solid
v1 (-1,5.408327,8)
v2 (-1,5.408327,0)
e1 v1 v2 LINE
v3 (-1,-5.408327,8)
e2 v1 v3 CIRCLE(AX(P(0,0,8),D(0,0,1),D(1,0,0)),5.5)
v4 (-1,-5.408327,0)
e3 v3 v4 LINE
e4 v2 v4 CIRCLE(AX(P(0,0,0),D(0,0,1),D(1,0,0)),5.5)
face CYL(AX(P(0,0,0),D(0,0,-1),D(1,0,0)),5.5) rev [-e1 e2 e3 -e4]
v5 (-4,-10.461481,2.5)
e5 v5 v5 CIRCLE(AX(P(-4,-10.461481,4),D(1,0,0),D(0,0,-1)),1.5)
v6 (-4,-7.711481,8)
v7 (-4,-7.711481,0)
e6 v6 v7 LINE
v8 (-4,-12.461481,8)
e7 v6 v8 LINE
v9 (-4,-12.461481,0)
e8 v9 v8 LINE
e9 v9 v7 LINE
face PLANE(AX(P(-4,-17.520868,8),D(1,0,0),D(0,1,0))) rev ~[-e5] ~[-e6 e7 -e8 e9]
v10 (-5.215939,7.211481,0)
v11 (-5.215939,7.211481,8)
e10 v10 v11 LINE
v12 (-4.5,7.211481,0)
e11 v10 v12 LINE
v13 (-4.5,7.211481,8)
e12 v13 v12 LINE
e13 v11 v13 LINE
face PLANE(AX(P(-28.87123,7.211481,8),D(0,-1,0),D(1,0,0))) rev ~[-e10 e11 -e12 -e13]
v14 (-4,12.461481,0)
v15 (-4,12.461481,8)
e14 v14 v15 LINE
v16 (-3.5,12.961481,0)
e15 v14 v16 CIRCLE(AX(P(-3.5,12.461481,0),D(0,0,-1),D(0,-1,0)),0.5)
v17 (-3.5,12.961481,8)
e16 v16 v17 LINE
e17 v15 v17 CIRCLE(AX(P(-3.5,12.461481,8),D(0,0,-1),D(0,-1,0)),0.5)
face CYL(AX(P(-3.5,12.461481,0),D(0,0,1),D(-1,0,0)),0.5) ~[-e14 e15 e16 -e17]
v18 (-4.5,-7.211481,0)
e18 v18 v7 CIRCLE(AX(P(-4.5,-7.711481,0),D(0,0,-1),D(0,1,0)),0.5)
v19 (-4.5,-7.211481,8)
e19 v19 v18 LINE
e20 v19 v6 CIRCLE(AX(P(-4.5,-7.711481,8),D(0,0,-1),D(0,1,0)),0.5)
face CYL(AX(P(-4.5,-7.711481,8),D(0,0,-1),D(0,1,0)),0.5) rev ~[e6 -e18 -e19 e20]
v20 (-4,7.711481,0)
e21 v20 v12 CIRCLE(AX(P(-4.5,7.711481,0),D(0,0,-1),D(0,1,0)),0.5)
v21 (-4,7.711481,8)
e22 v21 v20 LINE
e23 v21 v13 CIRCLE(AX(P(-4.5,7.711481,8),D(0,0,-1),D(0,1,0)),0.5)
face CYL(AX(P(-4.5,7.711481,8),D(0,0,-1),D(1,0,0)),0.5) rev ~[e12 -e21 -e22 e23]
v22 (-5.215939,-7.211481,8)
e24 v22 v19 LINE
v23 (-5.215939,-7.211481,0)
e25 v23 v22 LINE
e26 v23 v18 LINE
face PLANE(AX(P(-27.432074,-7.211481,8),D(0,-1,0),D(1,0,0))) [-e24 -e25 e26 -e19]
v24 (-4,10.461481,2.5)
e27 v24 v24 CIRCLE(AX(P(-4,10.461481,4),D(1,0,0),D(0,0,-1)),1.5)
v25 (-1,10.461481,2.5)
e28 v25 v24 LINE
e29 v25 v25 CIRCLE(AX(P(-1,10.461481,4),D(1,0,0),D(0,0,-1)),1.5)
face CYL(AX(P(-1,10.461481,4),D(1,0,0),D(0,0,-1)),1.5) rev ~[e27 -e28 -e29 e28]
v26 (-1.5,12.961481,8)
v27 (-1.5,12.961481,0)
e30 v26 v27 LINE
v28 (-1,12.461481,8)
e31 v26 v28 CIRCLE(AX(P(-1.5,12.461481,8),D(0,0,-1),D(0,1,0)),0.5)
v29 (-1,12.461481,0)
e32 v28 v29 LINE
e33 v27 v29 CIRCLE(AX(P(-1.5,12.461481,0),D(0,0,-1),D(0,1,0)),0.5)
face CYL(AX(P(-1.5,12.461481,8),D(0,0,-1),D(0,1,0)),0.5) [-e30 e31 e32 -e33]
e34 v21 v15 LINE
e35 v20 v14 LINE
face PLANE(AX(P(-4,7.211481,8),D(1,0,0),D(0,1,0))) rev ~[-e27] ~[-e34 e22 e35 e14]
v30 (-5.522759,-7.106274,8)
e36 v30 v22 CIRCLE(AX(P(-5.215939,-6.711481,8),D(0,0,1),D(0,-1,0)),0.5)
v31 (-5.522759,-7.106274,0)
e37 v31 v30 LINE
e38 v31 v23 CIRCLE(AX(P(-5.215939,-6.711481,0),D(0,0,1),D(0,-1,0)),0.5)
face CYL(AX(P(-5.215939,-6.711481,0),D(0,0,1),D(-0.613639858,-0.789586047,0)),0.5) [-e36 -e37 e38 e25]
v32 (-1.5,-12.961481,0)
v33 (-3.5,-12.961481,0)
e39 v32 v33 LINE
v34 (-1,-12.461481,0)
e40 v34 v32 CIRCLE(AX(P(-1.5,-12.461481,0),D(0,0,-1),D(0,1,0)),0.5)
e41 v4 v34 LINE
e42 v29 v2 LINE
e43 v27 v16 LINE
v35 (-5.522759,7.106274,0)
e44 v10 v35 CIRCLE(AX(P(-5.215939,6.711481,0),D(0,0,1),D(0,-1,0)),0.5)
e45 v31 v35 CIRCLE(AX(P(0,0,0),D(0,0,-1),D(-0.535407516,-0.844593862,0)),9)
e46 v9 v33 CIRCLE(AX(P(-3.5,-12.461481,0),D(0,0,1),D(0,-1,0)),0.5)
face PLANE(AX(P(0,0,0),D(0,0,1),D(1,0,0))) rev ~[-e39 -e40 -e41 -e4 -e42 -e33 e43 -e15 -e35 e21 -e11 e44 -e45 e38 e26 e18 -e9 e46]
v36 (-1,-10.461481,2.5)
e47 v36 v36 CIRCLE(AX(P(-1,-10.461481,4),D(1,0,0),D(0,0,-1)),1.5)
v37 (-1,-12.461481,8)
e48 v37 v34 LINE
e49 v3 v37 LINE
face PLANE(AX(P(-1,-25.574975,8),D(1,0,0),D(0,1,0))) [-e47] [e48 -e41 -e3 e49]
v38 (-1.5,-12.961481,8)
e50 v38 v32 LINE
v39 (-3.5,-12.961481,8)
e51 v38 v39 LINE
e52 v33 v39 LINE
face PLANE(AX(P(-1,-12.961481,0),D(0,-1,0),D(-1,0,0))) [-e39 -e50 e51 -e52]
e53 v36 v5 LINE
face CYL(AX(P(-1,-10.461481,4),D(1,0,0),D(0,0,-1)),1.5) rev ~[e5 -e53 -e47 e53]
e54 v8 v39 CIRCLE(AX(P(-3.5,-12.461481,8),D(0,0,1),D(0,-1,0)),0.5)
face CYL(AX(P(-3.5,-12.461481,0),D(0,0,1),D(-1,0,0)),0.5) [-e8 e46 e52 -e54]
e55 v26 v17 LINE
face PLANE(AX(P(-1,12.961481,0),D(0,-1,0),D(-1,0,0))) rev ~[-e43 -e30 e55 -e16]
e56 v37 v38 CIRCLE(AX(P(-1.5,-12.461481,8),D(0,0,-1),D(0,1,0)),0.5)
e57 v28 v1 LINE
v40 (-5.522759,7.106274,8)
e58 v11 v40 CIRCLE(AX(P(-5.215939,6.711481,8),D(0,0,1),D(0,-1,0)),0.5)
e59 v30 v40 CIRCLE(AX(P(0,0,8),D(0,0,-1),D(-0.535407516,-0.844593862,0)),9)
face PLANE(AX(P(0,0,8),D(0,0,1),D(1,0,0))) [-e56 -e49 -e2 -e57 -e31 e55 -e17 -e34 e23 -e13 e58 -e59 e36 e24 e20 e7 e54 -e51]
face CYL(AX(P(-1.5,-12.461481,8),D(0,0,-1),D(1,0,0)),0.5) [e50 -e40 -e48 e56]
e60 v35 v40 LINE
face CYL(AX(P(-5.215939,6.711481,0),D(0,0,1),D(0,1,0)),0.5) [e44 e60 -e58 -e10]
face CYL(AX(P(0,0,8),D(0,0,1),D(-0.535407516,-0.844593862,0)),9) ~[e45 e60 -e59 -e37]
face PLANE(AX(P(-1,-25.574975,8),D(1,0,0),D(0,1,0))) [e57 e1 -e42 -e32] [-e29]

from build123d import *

# Parameters (mm, degrees)
ESQUISSE1_R             = 13
ESQUISSE1_R_2           = 5.5
BOSS_EXTRU_1_DEPTH      = 8
ESQUISSE2_W             = 32.31004566
ESQUISSE2_H             = 49.818141682
ENL_V_MAT_EXTRU_1_DEPTH = 8
ESQUISSE3_R             = 1.5
ENL_V_MAT_EXTRU_2_DEPTH = 8
ESQUISSE4_W             = 24.87123002
ESQUISSE4_H             = 13.833010023
ESQUISSE4_W_2           = 23.432073676
ESQUISSE4_H_2           = 10.309386407
ENL_V_MAT_EXTRU_3_DEPTH = 8
ENL_V_MAT_EXTRU_4_DEPTH = 8
ESQUISSE7_W             = 3
ESQUISSE7_H             = 5.75
BOSS_EXTRU_3_DEPTH      = 8
ESQUISSE11_R            = 1.5
ENL_V_MAT_EXTRU_5_DEPTH = 8
CONG_5_R                = 0.5
CONG_6_R                = 0.5
CONG_7_R                = 0.5
CONG_8_R                = 0.5


with BuildPart() as part:
    # Esquisse1 → Boss.-Extru.1 (new body)
    with BuildSketch(Plane.XY):
        Circle(ESQUISSE1_R)
        Circle(ESQUISSE1_R_2, mode=Mode.SUBTRACT)
    extrude(amount=BOSS_EXTRU_1_DEPTH)

    # Esquisse2 → Enlèv. mat.-Extru.1 (cut)
    with BuildSketch(Plane.XY.offset(8)):
        with Locations((15.15502283, -0.665904075)):
            Rectangle(ESQUISSE2_W, ESQUISSE2_H)
    extrude(amount=-ENL_V_MAT_EXTRU_1_DEPTH, mode=Mode.SUBTRACT)

    # Esquisse3 → Enlèv. mat.-Extru.2 (cut)
    with BuildSketch(Plane(origin=(-1, 0, 0), x_dir=(0, 0, -1), z_dir=(1, 0, 0))):
        with Locations((-4, 10.461481397)):
            Circle(ESQUISSE3_R)
        with Locations((-4, -10.461481397)):
            Circle(ESQUISSE3_R)
    extrude(amount=-ENL_V_MAT_EXTRU_2_DEPTH, mode=Mode.SUBTRACT)

    # Esquisse4 → Enlèv. mat.-Extru.3 (cut)
    with BuildSketch(Plane.XY.offset(8)):
        with Locations((-16.43561501, 14.127986408)):
            Rectangle(ESQUISSE4_W, ESQUISSE4_H)
        with Locations((-15.716036838, -12.366174601)):
            Rectangle(ESQUISSE4_W_2, ESQUISSE4_H_2)
    extrude(amount=-ENL_V_MAT_EXTRU_3_DEPTH, mode=Mode.SUBTRACT)

    # Esquisse6 → Enlèv. mat.-Extru.4 (cut)
    with BuildSketch(Plane.XY.offset(8)):
        with BuildLine():
            Line((-14.689217928, -10.049334481), (-4.81866764, -7.601344761))
            ThreePointArc((-4.81866764, -7.601344761), (-8.998001154, 0.189671363), (-4.494067947, 7.797650498))
            Line((-4.494067947, 7.797650498), (-11.133481596, 10.892455097))
            ThreePointArc((-11.133481596, 10.892455097), (-17.721132871, 1.238220245), (-14.689217928, -10.049334481))
        make_face()
    extrude(amount=-ENL_V_MAT_EXTRU_4_DEPTH, mode=Mode.SUBTRACT)

    # Esquisse7 → Boss.-Extru.3 (add)
    with BuildSketch(Plane(origin=(0, 0, 0), x_dir=(-1, 0, 0), z_dir=(0, 0, -1))):
        with Locations((2.5, 10.086481397)):
            Rectangle(ESQUISSE7_W, ESQUISSE7_H)
        with Locations((2.5, -10.086481397)):
            Rectangle(ESQUISSE7_W, ESQUISSE7_H)
    extrude(amount=-BOSS_EXTRU_3_DEPTH)

    # Esquisse11 → Enlèv. mat.-Extru.5 (cut)
    with BuildSketch(Plane(origin=(-1, 0, 0), x_dir=(0, 0, -1), z_dir=(1, 0, 0))):
        with Locations((-4, 10.461481397)):
            Circle(ESQUISSE11_R)
        with Locations((-4, -10.461481397)):
            Circle(ESQUISSE11_R)
    extrude(amount=-ENL_V_MAT_EXTRU_5_DEPTH, mode=Mode.SUBTRACT)

    # Congé5
    cong_5_edges = [part.edges().sort_by_distance(p)[0] for p in [
        (-4, 12.961481397, 4),
        (-4, -12.961481397, 4),
    ]]
    fillet(cong_5_edges, radius=CONG_5_R)

    # Congé6
    cong_6_edges = [part.edges().sort_by_distance(p)[0] for p in [
        (-4, 7.211481397, 4),
        (-4, -7.211481397, 4),
    ]]
    fillet(cong_6_edges, radius=CONG_6_R)

    # Congé7
    cong_7_edges = [part.edges().sort_by_distance(p)[0] for p in [
        (-1, 12.961481397, 4),
        (-1, -12.961481397, 4),
    ]]
    fillet(cong_7_edges, radius=CONG_7_R)

    # Congé8
    cong_8_edges = [part.edges().sort_by_distance(p)[0] for p in [
        (-5.384657469, 7.211481397, 4),
        (-5.384657469, -7.211481397, 4),
    ]]
    fillet(cong_8_edges, radius=CONG_8_R)


solid = part.part
